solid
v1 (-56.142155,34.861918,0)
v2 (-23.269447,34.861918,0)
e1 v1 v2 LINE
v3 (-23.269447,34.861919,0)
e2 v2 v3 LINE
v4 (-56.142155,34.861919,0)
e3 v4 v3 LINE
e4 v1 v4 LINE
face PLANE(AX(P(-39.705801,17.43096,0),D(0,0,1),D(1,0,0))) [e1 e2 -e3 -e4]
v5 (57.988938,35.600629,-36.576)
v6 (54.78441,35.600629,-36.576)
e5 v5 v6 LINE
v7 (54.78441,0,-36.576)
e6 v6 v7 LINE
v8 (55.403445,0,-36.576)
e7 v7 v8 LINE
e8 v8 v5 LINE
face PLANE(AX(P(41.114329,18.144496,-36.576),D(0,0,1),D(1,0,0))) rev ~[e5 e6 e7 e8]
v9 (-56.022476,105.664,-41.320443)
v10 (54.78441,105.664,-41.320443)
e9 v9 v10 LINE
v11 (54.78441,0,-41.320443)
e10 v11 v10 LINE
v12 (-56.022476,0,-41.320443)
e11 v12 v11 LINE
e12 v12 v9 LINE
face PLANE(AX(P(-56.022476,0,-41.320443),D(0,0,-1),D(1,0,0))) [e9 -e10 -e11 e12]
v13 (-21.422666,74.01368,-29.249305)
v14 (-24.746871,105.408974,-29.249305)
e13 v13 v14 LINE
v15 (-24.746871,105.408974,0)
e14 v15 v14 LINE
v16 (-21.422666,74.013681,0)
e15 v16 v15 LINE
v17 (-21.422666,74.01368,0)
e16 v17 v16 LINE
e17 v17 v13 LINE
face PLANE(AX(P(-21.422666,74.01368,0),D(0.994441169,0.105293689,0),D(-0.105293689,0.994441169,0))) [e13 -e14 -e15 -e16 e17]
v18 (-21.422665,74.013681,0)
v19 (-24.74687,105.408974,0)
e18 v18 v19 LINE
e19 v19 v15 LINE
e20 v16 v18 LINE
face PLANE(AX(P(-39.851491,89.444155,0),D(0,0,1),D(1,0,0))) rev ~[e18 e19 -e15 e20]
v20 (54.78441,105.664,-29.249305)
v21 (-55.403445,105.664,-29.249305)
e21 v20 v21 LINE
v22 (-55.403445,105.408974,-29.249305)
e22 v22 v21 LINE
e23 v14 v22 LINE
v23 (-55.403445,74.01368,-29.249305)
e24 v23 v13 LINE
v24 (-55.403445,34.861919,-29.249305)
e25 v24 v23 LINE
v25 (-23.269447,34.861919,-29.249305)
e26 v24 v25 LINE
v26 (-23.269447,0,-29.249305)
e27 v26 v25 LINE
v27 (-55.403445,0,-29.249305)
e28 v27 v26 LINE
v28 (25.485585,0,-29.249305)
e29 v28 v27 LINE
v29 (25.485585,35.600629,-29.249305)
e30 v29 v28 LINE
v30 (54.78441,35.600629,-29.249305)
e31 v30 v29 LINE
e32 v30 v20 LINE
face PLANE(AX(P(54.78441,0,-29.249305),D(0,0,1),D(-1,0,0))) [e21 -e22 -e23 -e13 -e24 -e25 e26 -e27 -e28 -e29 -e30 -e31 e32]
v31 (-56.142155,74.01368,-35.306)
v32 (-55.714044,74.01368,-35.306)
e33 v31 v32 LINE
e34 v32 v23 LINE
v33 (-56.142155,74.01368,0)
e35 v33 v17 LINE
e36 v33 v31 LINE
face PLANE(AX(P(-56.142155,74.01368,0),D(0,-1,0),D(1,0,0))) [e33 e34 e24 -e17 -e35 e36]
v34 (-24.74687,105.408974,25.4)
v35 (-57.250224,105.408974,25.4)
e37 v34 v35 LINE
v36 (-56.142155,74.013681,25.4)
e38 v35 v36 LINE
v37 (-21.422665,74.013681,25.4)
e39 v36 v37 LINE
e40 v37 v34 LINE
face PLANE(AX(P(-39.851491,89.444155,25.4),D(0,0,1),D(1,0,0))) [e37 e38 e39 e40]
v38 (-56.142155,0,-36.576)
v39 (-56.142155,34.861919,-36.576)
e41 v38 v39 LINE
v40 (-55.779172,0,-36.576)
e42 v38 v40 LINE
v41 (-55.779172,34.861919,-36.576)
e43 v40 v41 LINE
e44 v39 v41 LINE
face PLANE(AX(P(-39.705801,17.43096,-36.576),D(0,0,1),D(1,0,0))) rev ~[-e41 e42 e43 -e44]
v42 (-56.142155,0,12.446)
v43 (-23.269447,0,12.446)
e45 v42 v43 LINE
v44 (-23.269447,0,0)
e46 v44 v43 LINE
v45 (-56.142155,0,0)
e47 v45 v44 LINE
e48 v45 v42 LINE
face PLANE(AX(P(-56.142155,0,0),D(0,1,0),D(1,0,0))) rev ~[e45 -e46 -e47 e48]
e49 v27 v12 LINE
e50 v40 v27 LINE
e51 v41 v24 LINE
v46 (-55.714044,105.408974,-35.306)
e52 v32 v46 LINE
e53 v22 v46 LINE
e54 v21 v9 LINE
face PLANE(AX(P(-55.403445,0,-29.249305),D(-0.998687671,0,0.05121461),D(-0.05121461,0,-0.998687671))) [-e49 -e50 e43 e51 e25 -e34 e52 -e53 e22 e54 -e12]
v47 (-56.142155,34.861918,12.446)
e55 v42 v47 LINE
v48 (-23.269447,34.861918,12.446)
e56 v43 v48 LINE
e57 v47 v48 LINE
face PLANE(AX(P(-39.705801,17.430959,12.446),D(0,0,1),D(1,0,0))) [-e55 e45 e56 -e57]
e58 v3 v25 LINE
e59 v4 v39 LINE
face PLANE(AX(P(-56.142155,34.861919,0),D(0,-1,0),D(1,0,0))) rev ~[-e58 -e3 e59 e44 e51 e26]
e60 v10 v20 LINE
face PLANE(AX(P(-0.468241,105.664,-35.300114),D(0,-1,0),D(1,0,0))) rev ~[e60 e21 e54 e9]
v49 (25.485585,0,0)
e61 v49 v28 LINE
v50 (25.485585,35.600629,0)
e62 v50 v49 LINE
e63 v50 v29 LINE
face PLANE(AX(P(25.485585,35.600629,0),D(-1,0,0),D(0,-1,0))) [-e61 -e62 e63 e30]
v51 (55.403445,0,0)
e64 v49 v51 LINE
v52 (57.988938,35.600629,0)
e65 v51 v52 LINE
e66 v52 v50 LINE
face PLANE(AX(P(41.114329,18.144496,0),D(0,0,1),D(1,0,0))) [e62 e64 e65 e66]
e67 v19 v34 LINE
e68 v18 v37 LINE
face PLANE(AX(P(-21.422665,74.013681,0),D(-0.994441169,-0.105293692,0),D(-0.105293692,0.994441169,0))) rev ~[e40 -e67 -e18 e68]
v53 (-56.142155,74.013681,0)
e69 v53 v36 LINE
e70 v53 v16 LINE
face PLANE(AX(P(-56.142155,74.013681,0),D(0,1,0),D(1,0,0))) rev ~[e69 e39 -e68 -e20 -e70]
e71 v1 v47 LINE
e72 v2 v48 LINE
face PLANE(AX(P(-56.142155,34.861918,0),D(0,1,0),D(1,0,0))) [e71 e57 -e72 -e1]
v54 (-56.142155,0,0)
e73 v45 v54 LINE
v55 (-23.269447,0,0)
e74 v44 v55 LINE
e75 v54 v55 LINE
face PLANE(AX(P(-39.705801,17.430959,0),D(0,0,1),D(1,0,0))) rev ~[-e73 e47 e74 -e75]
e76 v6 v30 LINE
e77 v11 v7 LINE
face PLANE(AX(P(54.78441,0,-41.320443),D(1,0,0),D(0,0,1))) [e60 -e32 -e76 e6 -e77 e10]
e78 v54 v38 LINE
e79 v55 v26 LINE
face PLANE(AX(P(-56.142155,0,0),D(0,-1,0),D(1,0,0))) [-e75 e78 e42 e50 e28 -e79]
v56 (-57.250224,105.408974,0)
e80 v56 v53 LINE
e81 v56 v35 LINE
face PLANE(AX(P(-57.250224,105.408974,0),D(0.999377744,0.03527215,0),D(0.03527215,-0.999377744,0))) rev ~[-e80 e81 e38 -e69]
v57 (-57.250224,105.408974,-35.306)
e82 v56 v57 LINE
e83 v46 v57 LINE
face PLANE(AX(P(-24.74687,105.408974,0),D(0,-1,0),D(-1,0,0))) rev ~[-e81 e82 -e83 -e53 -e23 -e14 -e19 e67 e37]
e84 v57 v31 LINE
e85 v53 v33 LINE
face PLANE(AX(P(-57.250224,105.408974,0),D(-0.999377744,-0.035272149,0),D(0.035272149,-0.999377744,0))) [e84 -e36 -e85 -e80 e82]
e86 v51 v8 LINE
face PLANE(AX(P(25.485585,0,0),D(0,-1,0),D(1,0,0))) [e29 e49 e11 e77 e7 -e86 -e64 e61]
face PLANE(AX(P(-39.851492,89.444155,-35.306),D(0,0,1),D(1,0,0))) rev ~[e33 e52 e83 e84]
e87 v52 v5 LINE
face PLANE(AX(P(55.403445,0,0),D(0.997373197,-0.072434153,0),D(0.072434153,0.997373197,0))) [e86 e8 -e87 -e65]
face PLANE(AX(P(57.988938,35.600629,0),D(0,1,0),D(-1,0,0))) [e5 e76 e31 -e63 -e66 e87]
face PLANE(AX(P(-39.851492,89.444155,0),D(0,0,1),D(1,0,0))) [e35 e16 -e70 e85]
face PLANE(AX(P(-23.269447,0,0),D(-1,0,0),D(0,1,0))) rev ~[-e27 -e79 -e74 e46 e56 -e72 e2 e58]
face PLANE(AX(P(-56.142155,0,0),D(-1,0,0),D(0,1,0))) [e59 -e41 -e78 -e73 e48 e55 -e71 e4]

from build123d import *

# Parameters (mm, degrees)
F1_DEPTH  = 105.664
F2_W      = 32.872708
F2_H      = 34.861919
F3_DEPTH  = 36.576
F3_FACE_W = 32.872708
F3_FACE_H = 34.861918
F4_DEPTH  = 12.446
F6_DEPTH  = 35.306
F7_DEPTH  = 25.4


with BuildPart() as f1:
    # F0 (on Front) → F1 (new body)
    with BuildSketch(Plane.XZ):
        Polygon((54.78441, -29.249305), (-55.403445, -29.249305), (-56.022476, -41.320443), (54.78441, -41.320443), align=None)
    extrude(amount=-F1_DEPTH)

    # F2 (on Top) → F3 (join)
    with BuildSketch(Plane.XY):
        Polygon((57.988938, 35.600629), (25.485585, 35.600629), (25.485585, 0), (55.403445, 0), align=None)
        with Locations((-39.705801, 17.43096)):
            Rectangle(F2_W, F2_H)
    extrude(amount=-F3_DEPTH)

    # F3_face (on face) → F4 (join)
    with BuildSketch(Plane(origin=(-39.705801, 17.430959, 0), x_dir=(1, 0, 0), z_dir=(0, 0, 1))):
        Rectangle(F3_FACE_W, F3_FACE_H)
    extrude(amount=F4_DEPTH)

    # F5 (on Top) → F6 (join)
    with BuildSketch(Plane.XY):
        Polygon((-24.746871, 105.408974), (-57.250224, 105.408974), (-56.142155, 74.01368), (-21.422666, 74.01368), align=None)
    extrude(amount=-F6_DEPTH)

    # F6_face (on face) → F7 (join)
    with BuildSketch(Plane(origin=(-39.878302, 89.538826, 0), x_dir=(1, 0, 0), z_dir=(0, 0, 1))):
        Polygon((15.131432, 15.870148), (-17.371922, 15.870148), (-16.263853, -15.525145), (18.455637, -15.525145), align=None)
    extrude(amount=F7_DEPTH)


solid = f1.part
